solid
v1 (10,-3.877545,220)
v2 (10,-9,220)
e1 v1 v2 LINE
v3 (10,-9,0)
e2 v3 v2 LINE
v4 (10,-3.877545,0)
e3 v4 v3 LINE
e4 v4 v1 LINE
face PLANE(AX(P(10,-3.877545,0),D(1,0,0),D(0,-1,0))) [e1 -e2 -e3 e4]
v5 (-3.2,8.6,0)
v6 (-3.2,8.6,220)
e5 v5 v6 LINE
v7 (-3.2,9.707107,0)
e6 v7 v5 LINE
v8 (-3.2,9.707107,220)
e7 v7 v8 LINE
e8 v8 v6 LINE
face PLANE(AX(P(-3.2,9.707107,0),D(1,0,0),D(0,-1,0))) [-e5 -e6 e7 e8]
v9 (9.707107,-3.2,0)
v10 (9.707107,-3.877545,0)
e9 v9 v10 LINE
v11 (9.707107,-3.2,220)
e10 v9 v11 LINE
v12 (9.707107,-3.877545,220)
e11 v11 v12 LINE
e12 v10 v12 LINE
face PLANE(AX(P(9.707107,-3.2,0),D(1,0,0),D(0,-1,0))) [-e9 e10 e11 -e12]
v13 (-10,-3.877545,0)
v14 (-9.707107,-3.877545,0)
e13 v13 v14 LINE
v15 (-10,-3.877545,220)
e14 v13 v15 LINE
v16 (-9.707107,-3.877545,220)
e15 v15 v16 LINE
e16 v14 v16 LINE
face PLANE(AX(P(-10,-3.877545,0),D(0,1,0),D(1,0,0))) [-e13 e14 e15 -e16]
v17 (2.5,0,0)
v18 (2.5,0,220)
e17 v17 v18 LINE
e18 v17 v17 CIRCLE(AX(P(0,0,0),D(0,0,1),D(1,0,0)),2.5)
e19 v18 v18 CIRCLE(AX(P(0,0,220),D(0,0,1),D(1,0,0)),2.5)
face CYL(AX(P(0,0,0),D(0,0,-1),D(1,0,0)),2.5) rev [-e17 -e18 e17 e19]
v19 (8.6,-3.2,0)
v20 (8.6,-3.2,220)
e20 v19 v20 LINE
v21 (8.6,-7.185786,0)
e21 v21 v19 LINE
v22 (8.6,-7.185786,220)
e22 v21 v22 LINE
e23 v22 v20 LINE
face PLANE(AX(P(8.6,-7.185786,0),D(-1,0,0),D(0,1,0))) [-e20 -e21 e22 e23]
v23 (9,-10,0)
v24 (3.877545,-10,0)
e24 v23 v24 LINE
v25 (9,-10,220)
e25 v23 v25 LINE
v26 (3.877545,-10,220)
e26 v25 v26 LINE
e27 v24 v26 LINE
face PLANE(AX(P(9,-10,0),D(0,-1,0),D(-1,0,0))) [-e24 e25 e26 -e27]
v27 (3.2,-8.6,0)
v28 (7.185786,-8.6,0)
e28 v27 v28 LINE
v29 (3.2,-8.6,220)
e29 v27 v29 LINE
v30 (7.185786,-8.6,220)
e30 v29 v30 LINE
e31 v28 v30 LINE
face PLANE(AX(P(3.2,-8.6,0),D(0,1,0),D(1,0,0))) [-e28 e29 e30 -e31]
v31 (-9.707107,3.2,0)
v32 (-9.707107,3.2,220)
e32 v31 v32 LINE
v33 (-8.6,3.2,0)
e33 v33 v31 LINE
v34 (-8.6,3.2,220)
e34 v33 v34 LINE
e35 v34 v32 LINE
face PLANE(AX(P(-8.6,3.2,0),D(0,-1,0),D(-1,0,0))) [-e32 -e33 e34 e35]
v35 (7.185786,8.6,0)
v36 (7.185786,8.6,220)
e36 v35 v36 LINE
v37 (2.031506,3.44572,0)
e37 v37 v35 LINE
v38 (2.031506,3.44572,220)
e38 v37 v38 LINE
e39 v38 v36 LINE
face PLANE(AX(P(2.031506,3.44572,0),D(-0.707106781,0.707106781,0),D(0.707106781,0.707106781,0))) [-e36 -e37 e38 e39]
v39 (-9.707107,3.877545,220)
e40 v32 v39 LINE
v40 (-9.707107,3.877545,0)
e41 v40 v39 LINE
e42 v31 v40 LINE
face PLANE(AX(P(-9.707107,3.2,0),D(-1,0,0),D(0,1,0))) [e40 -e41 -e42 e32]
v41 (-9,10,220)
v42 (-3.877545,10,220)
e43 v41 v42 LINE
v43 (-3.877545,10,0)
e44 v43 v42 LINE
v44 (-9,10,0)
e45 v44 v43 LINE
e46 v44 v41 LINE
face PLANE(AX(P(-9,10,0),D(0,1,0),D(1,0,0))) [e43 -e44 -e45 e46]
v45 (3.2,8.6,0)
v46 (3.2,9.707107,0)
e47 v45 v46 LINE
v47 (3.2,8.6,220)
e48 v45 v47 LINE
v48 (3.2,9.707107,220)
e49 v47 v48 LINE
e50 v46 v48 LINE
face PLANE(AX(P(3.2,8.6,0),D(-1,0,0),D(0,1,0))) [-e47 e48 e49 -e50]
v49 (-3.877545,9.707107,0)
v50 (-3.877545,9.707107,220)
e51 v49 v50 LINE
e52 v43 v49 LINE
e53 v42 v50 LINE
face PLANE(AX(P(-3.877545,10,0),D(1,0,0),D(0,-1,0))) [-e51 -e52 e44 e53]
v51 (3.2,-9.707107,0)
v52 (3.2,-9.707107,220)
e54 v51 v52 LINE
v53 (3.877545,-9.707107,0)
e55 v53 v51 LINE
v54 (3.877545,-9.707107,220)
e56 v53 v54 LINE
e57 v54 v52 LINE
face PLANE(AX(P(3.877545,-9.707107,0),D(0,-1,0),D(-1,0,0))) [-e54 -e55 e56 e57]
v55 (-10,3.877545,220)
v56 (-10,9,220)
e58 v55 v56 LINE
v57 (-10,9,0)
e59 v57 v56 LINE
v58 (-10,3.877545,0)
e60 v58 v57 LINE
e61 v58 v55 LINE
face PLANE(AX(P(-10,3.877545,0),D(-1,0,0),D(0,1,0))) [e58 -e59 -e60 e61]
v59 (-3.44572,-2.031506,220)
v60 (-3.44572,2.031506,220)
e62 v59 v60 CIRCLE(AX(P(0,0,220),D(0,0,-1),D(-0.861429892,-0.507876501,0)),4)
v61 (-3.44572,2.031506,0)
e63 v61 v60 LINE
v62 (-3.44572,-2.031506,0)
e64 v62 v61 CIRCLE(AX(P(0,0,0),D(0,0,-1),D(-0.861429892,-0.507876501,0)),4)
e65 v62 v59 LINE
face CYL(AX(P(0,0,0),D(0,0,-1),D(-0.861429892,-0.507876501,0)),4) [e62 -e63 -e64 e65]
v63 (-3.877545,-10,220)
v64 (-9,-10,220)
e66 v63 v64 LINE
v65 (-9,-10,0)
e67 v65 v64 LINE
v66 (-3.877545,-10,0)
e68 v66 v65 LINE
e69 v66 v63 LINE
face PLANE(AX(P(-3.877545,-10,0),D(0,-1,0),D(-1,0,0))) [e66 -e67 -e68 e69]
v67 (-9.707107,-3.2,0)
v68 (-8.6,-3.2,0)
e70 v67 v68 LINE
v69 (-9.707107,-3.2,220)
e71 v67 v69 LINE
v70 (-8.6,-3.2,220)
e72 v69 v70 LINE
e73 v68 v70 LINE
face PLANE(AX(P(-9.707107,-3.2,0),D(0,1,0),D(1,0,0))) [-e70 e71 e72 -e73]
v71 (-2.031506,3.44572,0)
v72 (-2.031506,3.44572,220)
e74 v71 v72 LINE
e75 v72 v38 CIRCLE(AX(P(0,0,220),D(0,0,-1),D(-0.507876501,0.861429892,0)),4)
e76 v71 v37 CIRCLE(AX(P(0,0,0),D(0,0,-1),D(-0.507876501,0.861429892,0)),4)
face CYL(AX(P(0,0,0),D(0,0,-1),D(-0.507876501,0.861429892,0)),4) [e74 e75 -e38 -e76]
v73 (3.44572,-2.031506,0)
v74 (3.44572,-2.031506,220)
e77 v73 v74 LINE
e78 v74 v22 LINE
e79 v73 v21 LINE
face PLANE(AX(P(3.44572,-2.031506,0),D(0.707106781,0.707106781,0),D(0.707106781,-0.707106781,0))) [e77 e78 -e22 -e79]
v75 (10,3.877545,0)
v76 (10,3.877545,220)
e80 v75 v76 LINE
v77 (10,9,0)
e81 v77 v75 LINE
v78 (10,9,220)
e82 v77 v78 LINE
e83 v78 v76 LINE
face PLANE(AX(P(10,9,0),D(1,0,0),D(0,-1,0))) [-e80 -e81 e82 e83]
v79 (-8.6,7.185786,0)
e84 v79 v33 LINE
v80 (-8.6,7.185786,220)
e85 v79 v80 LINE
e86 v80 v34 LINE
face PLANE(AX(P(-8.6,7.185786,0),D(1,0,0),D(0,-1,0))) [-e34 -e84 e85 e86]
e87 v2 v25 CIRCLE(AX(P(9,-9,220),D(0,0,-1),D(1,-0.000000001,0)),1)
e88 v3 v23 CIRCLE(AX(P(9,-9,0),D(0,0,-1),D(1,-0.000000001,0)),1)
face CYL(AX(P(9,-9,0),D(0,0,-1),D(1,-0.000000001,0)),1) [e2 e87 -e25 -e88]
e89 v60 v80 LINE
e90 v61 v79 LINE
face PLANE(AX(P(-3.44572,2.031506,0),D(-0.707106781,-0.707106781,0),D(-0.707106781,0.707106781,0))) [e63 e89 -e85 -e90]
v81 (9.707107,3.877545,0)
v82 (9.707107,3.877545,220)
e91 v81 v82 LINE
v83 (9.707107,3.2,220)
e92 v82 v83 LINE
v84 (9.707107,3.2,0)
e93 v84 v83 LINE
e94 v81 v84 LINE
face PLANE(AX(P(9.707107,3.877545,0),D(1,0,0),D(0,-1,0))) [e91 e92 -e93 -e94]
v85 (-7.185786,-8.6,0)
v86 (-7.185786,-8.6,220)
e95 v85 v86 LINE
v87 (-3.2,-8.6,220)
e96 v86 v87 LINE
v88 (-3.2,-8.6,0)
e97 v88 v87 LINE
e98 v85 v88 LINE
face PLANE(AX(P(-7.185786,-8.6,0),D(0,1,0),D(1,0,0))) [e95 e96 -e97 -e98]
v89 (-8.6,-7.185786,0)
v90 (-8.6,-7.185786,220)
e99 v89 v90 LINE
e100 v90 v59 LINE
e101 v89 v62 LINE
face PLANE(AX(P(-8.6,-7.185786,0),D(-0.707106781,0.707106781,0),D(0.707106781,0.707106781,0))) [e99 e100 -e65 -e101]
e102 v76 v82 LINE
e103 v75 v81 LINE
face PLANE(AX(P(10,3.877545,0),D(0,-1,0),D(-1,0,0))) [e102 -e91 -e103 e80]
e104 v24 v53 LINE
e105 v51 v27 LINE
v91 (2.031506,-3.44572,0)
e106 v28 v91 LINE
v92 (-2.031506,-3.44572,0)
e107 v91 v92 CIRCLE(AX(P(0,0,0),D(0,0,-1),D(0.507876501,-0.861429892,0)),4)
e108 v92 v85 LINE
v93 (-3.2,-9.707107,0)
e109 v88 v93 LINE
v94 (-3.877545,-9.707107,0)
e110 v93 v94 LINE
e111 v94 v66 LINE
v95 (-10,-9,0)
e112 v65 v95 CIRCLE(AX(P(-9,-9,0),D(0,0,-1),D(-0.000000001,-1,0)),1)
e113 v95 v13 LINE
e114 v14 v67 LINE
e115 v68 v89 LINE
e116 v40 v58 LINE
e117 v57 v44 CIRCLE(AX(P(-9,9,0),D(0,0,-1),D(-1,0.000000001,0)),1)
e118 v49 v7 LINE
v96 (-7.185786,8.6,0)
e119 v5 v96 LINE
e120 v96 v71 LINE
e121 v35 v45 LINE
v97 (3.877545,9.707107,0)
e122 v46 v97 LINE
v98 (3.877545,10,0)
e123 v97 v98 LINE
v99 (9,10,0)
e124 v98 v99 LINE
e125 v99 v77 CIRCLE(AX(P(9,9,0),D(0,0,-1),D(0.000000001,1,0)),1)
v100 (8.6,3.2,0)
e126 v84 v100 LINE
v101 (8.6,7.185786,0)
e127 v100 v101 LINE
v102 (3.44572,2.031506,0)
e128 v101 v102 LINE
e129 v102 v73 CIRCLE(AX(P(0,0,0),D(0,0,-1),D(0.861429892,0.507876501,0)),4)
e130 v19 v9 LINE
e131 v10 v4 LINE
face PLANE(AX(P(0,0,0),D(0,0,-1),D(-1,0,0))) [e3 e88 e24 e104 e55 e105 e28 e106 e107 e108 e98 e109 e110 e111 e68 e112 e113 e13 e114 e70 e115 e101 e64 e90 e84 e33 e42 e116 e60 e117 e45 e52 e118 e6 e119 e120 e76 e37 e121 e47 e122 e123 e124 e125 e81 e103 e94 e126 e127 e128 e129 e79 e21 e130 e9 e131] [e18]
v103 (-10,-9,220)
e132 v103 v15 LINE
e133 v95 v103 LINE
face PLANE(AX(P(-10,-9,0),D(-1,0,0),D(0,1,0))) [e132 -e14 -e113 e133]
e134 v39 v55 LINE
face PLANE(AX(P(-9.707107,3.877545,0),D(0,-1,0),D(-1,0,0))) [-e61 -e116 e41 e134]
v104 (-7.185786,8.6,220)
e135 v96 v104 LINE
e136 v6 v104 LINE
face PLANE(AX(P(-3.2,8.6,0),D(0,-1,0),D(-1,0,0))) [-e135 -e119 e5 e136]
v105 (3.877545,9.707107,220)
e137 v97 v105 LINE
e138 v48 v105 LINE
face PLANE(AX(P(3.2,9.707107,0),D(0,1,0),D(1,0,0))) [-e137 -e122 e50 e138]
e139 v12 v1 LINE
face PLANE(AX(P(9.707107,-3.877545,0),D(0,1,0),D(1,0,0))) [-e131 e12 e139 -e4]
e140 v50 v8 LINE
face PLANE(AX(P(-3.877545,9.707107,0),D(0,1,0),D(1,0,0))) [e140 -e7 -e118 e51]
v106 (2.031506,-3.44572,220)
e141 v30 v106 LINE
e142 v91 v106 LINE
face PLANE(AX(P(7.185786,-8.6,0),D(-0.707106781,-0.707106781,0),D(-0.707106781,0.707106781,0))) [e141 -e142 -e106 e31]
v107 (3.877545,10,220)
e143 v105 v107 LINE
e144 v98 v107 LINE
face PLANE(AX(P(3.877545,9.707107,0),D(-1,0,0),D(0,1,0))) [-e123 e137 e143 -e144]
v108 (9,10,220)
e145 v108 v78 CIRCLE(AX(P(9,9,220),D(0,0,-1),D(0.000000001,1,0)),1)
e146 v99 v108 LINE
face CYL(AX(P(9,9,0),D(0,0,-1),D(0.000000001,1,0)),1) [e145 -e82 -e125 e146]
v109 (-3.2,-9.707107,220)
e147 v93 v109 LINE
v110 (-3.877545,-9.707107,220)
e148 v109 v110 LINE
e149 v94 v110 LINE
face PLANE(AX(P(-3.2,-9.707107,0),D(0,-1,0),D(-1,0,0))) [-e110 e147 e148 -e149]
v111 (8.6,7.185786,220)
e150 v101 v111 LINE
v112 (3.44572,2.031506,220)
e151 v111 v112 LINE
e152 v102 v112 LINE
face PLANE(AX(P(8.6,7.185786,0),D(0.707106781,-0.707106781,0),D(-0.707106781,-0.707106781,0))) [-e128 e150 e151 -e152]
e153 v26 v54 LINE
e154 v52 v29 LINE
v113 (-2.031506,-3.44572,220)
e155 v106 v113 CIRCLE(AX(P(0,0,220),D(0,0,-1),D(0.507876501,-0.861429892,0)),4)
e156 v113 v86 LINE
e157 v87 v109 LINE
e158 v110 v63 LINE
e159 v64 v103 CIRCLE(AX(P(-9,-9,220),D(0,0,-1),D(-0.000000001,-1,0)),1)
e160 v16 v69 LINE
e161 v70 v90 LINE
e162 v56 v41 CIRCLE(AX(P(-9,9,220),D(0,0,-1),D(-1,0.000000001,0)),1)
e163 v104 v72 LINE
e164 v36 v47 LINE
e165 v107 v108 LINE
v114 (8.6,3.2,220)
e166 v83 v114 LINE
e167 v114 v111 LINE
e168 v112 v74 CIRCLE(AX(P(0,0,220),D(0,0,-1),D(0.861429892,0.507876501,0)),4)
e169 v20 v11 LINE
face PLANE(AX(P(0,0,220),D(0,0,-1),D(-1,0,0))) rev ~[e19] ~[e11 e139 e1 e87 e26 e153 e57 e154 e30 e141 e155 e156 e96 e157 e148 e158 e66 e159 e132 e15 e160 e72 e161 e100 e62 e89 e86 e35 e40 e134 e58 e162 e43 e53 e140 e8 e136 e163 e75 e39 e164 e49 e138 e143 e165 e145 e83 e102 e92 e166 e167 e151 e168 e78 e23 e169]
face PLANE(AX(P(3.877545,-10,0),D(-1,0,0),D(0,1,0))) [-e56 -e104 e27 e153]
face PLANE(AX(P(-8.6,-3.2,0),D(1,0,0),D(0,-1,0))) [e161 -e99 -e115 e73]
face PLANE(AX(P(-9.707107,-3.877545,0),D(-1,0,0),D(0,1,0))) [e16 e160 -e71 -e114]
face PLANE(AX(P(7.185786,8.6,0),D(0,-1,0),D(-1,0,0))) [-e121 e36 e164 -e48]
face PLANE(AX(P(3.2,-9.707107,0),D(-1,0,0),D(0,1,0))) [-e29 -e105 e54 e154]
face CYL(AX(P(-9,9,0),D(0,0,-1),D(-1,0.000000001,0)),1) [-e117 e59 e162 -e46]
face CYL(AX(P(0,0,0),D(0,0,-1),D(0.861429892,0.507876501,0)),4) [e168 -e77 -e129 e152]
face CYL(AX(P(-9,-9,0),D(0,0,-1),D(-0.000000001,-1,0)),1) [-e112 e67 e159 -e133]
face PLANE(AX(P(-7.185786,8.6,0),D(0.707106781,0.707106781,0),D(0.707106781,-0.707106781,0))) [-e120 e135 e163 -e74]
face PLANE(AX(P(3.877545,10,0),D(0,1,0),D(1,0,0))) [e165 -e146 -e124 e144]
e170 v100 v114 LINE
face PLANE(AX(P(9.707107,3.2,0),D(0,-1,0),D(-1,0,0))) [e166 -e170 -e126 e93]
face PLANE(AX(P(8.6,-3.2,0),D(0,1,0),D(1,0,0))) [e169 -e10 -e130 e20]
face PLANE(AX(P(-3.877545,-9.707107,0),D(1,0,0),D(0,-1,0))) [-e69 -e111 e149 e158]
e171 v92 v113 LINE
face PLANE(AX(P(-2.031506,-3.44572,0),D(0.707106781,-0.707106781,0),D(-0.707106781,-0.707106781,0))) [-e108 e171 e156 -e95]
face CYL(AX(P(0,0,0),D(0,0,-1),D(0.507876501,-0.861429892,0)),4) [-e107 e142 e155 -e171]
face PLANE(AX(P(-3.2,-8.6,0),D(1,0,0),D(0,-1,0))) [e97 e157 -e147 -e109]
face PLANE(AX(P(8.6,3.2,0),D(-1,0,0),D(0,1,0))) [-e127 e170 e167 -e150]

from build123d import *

# Parameters (mm, degrees)
SKETCH1_R           = 2.5
BOSS_EXTRUDE1_DEPTH = 220


with BuildPart() as part:
    # Sketch1 → Boss-Extrude1 (new body)
    with BuildSketch(Plane.XY):
        with BuildLine():
            Line((-9.707106781, -3.2), (-8.6, -3.2))
            Line((-8.6, -3.2), (-8.6, -7.185786438))
            Line((-8.6, -7.185786438), (-3.445719569, -2.031506006))
            ThreePointArc((-3.445719569, -2.031506006), (-4, 0), (-3.445719569, 2.031506006))
            Line((-3.445719569, 2.031506006), (-8.6, 7.185786438))
            Line((-8.6, 7.185786438), (-8.6, 3.2))
            Line((-8.6, 3.2), (-9.707106781, 3.2))
            Line((-9.707106781, 3.2), (-9.707106781, 3.877544562))
            Line((-9.707106781, 3.877544562), (-10, 3.877544562))
            Line((-10, 3.877544562), (-10, 9))
            ThreePointArc((-10, 9), (-9.707106781, 9.707106781), (-9, 10))
            Line((-9, 10), (-3.877544562, 10))
            Line((-3.877544562, 10), (-3.877544562, 9.707106781))
            Line((-3.877544562, 9.707106781), (-3.2, 9.707106781))
            Line((-3.2, 9.707106781), (-3.2, 8.6))
            Line((-3.2, 8.6), (-7.185786438, 8.6))
            Line((-7.185786438, 8.6), (-2.031506006, 3.445719569))
            ThreePointArc((-2.031506006, 3.445719569), (0, 4), (2.031506006, 3.445719569))
            Line((2.031506006, 3.445719569), (7.185786438, 8.6))
            Line((7.185786438, 8.6), (3.2, 8.6))
            Line((3.2, 8.6), (3.2, 9.707106781))
            Line((3.2, 9.707106781), (3.877544562, 9.707106781))
            Line((3.877544562, 9.707106781), (3.877544562, 10))
            Line((3.877544562, 10), (9, 10))
            ThreePointArc((9, 10), (9.707106781, 9.707106781), (10, 9))
            Line((10, 9), (10, 3.877544562))
            Line((10, 3.877544562), (9.707106781, 3.877544562))
            Line((9.707106781, 3.877544562), (9.707106781, 3.2))
            Line((9.707106781, 3.2), (8.6, 3.2))
            Line((8.6, 3.2), (8.6, 7.185786438))
            Line((8.6, 7.185786438), (3.445719569, 2.031506006))
            ThreePointArc((3.445719569, 2.031506006), (4, 0), (3.445719569, -2.031506006))
            Line((3.445719569, -2.031506006), (8.6, -7.185786438))
            Line((8.6, -7.185786438), (8.6, -3.2))
            Line((8.6, -3.2), (9.707106781, -3.2))
            Line((9.707106781, -3.2), (9.707106781, -3.877544562))
            Line((9.707106781, -3.877544562), (10, -3.877544562))
            Line((10, -3.877544562), (10, -9))
            ThreePointArc((10, -9), (9.707106781, -9.707106781), (9, -10))
            Line((9, -10), (3.877544562, -10))
            Line((3.877544562, -10), (3.877544562, -9.707106781))
            Line((3.877544562, -9.707106781), (3.2, -9.707106781))
            Line((3.2, -9.707106781), (3.2, -8.6))
            Line((3.2, -8.6), (7.185786438, -8.6))
            Line((7.185786438, -8.6), (2.031506006, -3.445719569))
            ThreePointArc((2.031506006, -3.445719569), (0, -4), (-2.031506006, -3.445719569))
            Line((-2.031506006, -3.445719569), (-7.185786438, -8.6))
            Line((-7.185786438, -8.6), (-3.2, -8.6))
            Line((-3.2, -8.6), (-3.2, -9.707106781))
            Line((-3.2, -9.707106781), (-3.877544562, -9.707106781))
            Line((-3.877544562, -9.707106781), (-3.877544562, -10))
            Line((-3.877544562, -10), (-9, -10))
            ThreePointArc((-9, -10), (-9.707106781, -9.707106781), (-10, -9))
            Line((-10, -9), (-10, -3.877544562))
            Line((-10, -3.877544562), (-9.707106781, -3.877544562))
            Line((-9.707106781, -3.877544562), (-9.707106781, -3.2))
        make_face()
        Circle(SKETCH1_R, mode=Mode.SUBTRACT)
    extrude(amount=BOSS_EXTRUDE1_DEPTH)


solid = part.part
